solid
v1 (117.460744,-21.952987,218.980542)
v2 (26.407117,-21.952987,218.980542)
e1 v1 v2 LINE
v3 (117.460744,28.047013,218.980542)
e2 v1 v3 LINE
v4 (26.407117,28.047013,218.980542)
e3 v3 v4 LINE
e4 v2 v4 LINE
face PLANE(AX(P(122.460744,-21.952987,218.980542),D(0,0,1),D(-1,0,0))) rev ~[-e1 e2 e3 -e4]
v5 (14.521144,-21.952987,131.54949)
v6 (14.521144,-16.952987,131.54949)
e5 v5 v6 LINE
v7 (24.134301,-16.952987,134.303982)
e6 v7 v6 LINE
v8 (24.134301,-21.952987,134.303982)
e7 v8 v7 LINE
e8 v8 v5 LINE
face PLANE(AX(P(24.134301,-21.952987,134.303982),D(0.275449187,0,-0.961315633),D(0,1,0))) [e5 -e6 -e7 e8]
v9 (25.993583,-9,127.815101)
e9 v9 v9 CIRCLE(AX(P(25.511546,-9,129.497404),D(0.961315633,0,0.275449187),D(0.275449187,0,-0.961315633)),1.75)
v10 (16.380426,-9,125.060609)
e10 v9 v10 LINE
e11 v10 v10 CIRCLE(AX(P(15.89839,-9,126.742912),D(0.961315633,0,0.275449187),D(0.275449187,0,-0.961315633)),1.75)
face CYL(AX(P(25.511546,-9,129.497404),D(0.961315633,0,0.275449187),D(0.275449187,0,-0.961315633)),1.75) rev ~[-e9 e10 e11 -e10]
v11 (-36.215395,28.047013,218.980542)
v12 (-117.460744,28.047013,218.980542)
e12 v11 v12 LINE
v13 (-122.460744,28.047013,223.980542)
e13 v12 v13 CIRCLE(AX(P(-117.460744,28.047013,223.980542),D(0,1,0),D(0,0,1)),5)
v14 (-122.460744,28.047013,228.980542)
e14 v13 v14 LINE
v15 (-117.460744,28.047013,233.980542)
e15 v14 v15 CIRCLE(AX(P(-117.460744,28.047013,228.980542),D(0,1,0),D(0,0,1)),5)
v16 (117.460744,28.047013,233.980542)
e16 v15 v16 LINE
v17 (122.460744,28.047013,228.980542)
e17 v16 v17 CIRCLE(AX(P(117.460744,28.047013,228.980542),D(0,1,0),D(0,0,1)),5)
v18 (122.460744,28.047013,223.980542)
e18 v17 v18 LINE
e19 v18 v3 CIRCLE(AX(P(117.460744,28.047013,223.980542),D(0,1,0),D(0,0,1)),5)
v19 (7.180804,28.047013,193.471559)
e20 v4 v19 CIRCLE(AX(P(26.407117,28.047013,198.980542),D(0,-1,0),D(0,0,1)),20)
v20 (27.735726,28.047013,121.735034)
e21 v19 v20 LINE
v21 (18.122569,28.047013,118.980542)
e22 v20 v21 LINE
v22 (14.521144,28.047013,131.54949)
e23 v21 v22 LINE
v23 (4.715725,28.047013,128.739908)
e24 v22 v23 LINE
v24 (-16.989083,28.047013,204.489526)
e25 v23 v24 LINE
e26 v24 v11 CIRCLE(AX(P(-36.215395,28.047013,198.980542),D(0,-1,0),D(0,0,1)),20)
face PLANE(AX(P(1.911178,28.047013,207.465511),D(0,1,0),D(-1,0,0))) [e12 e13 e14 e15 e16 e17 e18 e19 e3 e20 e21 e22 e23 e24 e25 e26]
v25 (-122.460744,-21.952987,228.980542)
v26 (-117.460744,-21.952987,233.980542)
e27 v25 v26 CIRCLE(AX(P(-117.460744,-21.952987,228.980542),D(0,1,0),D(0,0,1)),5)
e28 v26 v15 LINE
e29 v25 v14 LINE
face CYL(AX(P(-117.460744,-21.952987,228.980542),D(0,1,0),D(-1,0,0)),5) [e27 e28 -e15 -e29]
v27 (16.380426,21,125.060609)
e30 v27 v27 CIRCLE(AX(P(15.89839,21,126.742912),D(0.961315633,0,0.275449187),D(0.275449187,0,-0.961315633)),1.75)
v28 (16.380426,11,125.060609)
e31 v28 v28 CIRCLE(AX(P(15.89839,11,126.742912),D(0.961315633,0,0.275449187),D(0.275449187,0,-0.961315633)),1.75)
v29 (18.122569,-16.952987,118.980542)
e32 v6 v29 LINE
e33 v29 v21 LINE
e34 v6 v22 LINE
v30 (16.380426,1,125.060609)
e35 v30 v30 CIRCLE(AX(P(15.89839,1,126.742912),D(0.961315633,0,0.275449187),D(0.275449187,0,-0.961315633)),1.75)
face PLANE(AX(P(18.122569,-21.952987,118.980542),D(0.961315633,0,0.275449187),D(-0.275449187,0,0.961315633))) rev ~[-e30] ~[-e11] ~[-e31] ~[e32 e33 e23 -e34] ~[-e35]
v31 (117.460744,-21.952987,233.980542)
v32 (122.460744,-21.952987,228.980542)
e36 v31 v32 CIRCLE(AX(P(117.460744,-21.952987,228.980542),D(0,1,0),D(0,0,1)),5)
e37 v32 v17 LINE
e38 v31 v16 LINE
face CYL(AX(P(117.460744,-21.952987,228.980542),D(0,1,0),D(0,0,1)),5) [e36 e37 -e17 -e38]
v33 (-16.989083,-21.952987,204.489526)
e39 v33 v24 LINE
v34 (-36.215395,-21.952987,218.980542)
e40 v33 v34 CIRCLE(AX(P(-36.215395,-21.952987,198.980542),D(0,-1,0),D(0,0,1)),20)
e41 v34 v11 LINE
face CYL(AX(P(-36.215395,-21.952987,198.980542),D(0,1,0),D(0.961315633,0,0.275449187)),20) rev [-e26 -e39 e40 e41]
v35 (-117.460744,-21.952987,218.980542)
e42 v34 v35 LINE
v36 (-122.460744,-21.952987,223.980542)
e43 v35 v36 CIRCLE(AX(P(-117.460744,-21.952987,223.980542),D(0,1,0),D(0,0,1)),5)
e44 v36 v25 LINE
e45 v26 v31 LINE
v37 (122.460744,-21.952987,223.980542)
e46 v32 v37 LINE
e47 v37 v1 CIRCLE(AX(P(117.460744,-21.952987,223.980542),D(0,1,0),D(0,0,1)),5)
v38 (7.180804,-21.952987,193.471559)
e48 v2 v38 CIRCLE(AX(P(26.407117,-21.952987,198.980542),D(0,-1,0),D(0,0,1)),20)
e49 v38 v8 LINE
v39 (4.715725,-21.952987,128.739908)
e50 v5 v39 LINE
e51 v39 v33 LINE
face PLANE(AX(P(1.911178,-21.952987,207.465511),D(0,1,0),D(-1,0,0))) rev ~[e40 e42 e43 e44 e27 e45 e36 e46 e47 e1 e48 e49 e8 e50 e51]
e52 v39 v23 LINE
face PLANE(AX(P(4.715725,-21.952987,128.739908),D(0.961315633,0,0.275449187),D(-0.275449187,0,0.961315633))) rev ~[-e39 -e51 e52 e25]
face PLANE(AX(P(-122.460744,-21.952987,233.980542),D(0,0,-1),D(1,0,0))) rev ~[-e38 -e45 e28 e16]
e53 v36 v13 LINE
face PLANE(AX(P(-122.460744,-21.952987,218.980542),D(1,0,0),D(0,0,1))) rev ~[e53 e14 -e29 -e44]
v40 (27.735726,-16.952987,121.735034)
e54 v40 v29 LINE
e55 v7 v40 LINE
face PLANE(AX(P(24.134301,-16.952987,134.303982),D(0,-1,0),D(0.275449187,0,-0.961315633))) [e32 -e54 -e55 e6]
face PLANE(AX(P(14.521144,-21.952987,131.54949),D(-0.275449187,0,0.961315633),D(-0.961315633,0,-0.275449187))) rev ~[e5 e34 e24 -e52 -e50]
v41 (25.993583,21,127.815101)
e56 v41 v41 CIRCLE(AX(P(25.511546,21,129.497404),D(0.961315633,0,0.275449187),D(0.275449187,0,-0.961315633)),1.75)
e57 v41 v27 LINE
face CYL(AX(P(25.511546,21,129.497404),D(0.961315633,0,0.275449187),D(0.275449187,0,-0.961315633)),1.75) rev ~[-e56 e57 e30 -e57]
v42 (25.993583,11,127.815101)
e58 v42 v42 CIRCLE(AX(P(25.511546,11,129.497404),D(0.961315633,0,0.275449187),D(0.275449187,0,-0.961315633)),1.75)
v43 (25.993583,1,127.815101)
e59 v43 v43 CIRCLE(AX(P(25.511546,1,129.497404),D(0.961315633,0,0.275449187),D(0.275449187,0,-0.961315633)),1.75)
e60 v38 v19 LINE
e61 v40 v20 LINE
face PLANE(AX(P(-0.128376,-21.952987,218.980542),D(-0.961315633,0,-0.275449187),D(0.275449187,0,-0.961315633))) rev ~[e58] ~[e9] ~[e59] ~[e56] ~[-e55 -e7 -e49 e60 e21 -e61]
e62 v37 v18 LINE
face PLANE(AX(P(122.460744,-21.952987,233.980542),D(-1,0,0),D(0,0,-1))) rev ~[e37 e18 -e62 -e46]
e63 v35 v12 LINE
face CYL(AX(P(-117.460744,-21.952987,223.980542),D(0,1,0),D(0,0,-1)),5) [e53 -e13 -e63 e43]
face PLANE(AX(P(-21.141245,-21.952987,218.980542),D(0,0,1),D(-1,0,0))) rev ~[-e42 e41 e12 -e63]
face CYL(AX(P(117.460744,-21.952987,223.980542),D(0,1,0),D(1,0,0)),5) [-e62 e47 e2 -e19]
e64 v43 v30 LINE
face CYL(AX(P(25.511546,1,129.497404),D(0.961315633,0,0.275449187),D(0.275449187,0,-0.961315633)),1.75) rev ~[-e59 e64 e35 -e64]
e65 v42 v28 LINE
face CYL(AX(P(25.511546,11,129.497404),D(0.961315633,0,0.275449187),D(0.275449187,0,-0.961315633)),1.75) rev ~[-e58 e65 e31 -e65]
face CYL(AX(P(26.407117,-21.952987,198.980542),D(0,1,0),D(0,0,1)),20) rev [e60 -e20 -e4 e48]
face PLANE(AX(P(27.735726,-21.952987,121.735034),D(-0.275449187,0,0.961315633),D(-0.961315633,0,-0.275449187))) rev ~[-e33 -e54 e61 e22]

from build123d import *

# Parameters (mm, degrees)
EXTRUDE_1_DEPTH     = 50
FILLET_1_R          = 20
FILLET_2_R          = 5
SKETCH_2_R          = 1.75
CUT_EXTRUDE_1_DEPTH = 10
SKETCH_3_W          = 13.074735308
SKETCH_3_H          = 5
CUT_EXTRUDE_2_DEPTH = 10


with BuildPart() as part:
    # 草图1 → 凸台-拉伸1 (new body)
    with BuildSketch(Plane.XZ.offset(21.952986856)):
        Polygon((27.73572569, 121.735034283), (18.122569365, 118.980542412), (14.521144153, 131.549489855), (4.715724701, 128.739908146), (-21.141245178, 218.980542412), (-122.460743693, 218.980542412), (-122.460743693, 233.980542412), (122.460743693, 233.980542412), (122.460743693, 218.980542412), (-0.12837561, 218.980542412), align=None)
    extrude(amount=-EXTRUDE_1_DEPTH)

    # 圆角1
    fillet_1_edges = [part.edges().sort_by_distance(p)[0] for p in [
        (-21.141245178, 3.047013144, 218.980542412),
        (-0.12837561, 3.047013144, 218.980542412),
    ]]
    fillet(fillet_1_edges, radius=FILLET_1_R)

    # 圆角2
    fillet_2_edges = [part.edges().sort_by_distance(p)[0] for p in [
        (-122.460743693, 3.047013144, 218.980542412),
        (-122.460743693, 3.047013144, 233.980542412),
        (122.460743693, 3.047013144, 233.980542412),
        (122.460743693, 3.047013144, 218.980542412),
    ]]
    fillet(fillet_2_edges, radius=FILLET_2_R)

    # 草图2 → 切除-拉伸1 (cut)
    with BuildSketch(Plane(origin=(57.866012783, 0, 16.580554444), x_dir=(0.275449187, 0, -0.961315633), z_dir=(0.961315633, 0, 0.275449187))):
        with Locations((-117.460743693, -9)):
            Circle(SKETCH_2_R)
        with Locations((-117.460743693, 1)):
            Circle(SKETCH_2_R)
        with Locations((-117.460743693, 11)):
            Circle(SKETCH_2_R)
        with Locations((-117.460743693, 21)):
            Circle(SKETCH_2_R)
    extrude(amount=-CUT_EXTRUDE_1_DEPTH, mode=Mode.SUBTRACT)

    # 草图3 → 切除-拉伸2 (cut)
    with BuildSketch(Plane(origin=(57.866012783, 0, 16.580554444), x_dir=(0.275449187, 0, -0.961315633), z_dir=(0.961315633, 0, 0.275449187))):
        with Locations((-115.923376039, -19.452986856)):
            Rectangle(SKETCH_3_W, SKETCH_3_H)
    extrude(amount=-CUT_EXTRUDE_2_DEPTH, mode=Mode.SUBTRACT)


solid = part.part
